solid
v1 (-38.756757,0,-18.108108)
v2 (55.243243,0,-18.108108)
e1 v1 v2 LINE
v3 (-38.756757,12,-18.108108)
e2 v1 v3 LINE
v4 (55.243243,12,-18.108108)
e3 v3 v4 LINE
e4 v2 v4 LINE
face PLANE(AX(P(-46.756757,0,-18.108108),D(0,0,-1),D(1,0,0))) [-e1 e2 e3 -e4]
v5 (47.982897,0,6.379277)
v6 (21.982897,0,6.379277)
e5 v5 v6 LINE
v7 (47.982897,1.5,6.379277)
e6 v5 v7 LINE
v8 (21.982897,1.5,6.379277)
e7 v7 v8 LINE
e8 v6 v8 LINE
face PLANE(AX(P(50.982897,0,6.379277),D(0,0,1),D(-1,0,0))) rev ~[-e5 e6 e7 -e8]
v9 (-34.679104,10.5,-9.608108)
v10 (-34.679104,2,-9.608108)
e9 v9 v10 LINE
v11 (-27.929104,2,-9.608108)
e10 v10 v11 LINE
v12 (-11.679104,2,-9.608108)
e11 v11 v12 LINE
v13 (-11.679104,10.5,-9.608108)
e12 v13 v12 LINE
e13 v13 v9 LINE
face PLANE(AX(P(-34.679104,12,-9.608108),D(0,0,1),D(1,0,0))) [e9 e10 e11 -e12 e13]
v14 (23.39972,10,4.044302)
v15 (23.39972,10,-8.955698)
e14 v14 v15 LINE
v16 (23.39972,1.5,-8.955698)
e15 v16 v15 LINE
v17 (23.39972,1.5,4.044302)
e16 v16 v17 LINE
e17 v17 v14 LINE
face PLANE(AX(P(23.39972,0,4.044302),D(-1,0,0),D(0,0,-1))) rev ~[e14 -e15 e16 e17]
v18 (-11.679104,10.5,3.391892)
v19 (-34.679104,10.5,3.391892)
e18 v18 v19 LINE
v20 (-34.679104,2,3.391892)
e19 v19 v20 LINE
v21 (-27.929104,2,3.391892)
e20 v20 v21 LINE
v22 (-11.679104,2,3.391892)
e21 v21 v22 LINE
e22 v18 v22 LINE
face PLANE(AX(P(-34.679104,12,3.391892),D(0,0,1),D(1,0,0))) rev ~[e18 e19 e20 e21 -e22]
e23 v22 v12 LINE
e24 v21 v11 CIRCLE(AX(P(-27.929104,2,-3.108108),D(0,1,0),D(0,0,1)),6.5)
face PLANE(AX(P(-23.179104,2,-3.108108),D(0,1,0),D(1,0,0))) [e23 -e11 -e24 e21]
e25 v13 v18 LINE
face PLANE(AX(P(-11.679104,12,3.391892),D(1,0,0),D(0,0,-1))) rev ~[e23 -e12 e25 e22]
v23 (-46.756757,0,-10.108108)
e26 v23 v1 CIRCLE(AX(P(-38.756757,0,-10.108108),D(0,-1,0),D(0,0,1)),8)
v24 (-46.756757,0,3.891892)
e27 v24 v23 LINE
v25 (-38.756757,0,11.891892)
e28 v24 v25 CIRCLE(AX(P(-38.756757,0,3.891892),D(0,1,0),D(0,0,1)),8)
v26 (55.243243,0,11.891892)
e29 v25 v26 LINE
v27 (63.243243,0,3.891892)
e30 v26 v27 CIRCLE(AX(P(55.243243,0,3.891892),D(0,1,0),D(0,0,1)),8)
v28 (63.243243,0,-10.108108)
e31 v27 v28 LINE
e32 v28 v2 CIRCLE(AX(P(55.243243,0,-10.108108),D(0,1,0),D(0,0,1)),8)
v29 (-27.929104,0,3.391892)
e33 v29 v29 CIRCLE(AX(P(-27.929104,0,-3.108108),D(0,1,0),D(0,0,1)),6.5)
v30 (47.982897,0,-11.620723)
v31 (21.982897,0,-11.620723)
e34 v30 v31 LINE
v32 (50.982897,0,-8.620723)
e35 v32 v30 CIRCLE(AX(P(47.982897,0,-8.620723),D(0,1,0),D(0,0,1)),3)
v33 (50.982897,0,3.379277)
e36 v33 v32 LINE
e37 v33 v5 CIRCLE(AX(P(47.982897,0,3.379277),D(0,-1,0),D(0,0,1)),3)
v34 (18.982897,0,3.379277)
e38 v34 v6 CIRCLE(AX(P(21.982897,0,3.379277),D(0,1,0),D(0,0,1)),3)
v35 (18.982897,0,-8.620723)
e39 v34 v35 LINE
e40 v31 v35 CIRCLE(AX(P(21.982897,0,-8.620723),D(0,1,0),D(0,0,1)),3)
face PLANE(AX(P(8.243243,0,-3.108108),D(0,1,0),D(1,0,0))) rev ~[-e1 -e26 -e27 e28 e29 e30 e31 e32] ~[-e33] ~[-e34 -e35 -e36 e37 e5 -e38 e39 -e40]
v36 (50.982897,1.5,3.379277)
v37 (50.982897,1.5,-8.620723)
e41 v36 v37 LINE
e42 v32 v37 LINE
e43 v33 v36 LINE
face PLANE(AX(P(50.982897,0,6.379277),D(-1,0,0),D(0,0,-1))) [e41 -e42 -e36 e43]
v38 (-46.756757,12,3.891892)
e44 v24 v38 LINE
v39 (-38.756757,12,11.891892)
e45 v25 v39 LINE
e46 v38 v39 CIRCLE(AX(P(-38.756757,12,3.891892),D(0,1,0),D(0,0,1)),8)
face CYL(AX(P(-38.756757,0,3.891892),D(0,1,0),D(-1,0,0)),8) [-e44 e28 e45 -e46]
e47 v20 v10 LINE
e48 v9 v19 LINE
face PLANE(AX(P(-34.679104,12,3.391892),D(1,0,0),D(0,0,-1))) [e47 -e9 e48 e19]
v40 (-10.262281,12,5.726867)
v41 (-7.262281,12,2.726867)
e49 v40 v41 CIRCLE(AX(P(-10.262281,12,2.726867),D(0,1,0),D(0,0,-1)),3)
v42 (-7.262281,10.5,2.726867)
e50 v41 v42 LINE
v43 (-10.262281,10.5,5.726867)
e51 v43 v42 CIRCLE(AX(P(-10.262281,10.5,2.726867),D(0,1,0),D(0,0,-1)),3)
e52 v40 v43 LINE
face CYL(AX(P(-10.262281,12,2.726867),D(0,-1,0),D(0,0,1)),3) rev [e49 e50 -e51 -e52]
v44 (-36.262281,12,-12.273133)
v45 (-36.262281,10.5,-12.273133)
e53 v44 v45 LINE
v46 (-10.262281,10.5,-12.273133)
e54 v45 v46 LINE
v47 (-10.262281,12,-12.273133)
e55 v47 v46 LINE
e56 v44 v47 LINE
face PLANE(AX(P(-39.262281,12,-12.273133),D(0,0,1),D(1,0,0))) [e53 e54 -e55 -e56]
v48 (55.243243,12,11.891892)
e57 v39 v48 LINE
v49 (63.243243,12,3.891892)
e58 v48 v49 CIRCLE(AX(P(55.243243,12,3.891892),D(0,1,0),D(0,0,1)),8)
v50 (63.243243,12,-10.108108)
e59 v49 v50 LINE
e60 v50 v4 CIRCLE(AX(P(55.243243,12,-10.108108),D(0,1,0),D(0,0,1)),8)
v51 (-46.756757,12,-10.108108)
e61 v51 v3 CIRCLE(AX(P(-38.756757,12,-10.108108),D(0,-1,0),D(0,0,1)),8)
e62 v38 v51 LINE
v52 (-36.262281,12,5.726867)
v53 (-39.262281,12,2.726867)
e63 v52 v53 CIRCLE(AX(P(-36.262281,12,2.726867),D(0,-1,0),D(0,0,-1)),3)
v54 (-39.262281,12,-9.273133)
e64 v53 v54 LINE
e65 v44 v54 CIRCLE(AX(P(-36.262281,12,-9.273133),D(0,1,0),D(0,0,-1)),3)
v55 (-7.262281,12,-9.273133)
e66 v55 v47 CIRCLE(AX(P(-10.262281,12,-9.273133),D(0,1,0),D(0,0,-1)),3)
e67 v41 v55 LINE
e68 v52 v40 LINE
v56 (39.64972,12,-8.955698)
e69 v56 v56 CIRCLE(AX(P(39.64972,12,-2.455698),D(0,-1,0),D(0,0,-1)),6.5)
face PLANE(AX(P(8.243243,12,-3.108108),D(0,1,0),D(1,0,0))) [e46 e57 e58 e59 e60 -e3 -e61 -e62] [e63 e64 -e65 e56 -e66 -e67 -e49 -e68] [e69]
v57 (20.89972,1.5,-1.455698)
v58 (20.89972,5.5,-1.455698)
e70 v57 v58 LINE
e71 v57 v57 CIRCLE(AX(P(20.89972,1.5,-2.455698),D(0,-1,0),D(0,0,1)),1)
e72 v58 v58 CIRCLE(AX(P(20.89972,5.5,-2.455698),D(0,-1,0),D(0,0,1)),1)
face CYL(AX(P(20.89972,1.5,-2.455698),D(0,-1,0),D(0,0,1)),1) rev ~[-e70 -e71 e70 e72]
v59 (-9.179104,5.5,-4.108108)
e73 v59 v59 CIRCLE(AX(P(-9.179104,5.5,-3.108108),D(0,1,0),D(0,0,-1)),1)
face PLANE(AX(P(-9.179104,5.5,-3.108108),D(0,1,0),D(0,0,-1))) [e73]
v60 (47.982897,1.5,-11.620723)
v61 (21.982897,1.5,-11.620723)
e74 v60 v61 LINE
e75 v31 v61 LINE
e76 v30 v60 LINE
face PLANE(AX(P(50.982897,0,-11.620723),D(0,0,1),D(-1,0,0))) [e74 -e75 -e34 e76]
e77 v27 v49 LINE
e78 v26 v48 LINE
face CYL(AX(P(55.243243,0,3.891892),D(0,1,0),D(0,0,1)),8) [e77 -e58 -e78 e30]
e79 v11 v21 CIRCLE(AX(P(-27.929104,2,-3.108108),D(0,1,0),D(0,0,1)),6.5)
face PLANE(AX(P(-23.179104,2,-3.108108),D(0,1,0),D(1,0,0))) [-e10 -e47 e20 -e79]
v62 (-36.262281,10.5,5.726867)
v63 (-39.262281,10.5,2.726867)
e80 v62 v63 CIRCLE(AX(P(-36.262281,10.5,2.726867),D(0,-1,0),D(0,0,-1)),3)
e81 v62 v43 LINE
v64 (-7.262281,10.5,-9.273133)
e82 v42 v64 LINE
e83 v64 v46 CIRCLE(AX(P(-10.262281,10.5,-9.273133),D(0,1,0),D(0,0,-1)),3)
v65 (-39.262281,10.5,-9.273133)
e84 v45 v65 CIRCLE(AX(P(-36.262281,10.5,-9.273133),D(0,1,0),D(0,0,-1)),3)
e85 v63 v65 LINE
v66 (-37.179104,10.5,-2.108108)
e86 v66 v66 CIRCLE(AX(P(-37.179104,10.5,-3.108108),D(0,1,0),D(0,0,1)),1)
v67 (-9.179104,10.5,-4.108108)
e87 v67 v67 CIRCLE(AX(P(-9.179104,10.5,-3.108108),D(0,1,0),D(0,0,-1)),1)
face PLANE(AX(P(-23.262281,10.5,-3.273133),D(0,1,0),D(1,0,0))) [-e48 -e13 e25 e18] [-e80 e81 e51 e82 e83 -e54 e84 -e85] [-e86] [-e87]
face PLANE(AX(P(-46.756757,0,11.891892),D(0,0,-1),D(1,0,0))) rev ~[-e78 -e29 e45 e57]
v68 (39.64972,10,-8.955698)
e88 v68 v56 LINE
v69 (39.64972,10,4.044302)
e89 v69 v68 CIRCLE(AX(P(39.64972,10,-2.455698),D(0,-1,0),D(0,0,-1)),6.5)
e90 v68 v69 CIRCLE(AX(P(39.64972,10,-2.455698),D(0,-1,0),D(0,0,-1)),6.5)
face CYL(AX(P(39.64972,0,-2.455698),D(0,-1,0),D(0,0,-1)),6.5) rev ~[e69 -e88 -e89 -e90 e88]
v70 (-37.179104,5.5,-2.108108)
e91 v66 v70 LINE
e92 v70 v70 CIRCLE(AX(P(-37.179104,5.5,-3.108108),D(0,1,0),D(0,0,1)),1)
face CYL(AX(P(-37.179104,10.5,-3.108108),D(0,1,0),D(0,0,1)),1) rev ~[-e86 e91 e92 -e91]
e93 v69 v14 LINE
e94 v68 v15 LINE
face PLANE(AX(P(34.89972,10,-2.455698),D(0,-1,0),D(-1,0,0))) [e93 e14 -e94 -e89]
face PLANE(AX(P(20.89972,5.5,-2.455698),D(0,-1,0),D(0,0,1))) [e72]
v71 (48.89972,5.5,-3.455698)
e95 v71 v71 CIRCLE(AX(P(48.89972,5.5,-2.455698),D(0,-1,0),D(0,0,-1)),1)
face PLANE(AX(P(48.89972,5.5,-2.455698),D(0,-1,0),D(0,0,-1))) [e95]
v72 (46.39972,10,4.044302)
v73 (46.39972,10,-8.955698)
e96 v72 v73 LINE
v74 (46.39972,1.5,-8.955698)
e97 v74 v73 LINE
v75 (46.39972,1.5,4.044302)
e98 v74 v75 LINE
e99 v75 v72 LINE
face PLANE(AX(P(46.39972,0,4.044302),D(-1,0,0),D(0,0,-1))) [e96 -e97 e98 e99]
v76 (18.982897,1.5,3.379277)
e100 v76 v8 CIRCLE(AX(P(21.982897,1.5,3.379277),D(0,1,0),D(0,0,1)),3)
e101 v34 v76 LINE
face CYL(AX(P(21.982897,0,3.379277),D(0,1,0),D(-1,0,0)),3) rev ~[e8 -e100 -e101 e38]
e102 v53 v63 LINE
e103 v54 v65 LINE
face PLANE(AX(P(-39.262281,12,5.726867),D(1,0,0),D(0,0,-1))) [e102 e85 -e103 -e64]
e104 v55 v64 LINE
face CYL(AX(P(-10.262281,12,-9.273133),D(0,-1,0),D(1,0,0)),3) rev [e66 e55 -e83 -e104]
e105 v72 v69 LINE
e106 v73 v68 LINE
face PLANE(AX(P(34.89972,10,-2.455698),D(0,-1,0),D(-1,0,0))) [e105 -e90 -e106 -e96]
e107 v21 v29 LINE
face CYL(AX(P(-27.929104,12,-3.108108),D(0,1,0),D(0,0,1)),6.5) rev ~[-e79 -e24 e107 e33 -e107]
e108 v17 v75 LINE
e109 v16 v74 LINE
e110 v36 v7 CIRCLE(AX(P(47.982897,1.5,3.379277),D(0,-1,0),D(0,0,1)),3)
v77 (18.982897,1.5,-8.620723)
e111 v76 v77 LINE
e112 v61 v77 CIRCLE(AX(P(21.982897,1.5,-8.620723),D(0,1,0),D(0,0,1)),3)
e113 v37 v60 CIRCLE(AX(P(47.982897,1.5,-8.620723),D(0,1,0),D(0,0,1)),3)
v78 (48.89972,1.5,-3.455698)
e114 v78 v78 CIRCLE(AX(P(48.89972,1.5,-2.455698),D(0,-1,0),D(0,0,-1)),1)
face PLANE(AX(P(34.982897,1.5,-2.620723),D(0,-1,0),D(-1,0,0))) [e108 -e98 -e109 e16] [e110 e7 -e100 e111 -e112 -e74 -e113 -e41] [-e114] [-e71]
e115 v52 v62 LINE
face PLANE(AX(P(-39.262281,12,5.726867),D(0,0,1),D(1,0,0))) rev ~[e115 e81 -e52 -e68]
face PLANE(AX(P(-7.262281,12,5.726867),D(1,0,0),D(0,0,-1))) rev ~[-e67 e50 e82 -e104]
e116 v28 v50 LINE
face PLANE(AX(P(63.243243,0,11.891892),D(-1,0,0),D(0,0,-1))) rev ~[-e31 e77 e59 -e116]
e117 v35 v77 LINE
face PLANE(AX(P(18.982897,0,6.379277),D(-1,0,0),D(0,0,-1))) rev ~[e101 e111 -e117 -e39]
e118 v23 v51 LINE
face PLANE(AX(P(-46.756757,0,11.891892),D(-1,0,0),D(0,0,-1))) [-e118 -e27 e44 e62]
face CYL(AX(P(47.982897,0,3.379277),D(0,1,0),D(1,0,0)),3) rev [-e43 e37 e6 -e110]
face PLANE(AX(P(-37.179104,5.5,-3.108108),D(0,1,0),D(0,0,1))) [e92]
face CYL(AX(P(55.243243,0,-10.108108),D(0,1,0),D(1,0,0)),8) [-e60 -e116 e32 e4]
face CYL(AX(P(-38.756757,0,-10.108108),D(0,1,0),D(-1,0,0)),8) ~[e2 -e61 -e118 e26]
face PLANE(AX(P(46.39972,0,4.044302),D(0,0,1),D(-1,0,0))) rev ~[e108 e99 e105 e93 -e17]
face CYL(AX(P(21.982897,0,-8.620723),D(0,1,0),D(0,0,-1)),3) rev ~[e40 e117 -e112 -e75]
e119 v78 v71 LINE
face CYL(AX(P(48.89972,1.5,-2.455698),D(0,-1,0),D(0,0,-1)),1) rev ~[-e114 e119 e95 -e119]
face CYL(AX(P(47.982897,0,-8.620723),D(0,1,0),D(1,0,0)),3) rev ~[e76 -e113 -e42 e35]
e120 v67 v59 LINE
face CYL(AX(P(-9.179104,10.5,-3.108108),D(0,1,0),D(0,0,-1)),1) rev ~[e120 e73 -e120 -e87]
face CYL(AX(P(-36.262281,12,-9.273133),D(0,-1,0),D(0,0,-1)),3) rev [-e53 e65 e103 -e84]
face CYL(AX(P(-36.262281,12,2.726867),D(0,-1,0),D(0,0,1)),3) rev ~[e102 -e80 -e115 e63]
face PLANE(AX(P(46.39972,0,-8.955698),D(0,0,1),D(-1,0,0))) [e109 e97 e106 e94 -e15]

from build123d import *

# Parameters (mm, degrees)
SKETCH1_W           = 110
SKETCH1_H           = 30
BOSS_EXTRUDE1_DEPTH = 12
FILLET2_R           = 8
SKETCH4_R           = 6.5
CUT_EXTRUDE1_DEPTH  = 67.870108383
SKETCH3_W           = 23
SKETCH3_H           = 13
CUT_EXTRUDE2_DEPTH  = 10
SKETCH5_W           = 32
SKETCH5_H           = 18
CUT_EXTRUDE3_DEPTH  = 1.5
FILLET4_R           = 3
SKETCH8_R           = 6.5
CUT_EXTRUDE4_DEPTH  = 63.574437799
SKETCH10_W          = 23
SKETCH10_H          = 13
CUT_EXTRUDE5_DEPTH  = 10
SKETCH12_W          = 32
SKETCH12_H          = 18
CUT_EXTRUDE6_DEPTH  = 1.5
FILLET5_R           = 3
SKETCH14_R          = 1
CUT_EXTRUDE7_DEPTH  = 4
SKETCH6_R           = 1
CUT_EXTRUDE8_DEPTH  = 5


with BuildPart() as part:
    # Sketch1 → Boss-Extrude1 (new body)
    with BuildSketch(Plane(origin=(0, 0, 0), x_dir=(1, 0, 0), z_dir=(0, 1, 0))):
        with Locations((8.243243243, 3.108108108)):
            Rectangle(SKETCH1_W, SKETCH1_H)
    extrude(amount=BOSS_EXTRUDE1_DEPTH)

    # Fillet2
    fillet2_edges = [part.edges().sort_by_distance(p)[0] for p in [
        (-46.756756757, 6, -18.108108108),
        (63.243243243, 6, -18.108108108),
        (63.243243243, 6, 11.891891892),
        (-46.756756757, 6, 11.891891892),
    ]]
    fillet(fillet2_edges, radius=FILLET2_R)

    # Sketch4 → Cut-Extrude1 (cut, through all)
    with BuildSketch(Plane(origin=(0, 12, 0), x_dir=(1, 0, 0), z_dir=(0, 1, 0))):
        with Locations(Location((-27.929103529, 3.108108108, 0), (0, 0, 270))):
            Circle(SKETCH4_R)
    extrude(amount=-CUT_EXTRUDE1_DEPTH, mode=Mode.SUBTRACT)

    # Sketch3 → Cut-Extrude2 (cut)
    with BuildSketch(Plane(origin=(0, 12, 0), x_dir=(1, 0, 0), z_dir=(0, 1, 0))):
        with Locations((-23.179103529, 3.108108108)):
            Rectangle(SKETCH3_W, SKETCH3_H)
    extrude(amount=-CUT_EXTRUDE2_DEPTH, mode=Mode.SUBTRACT)

    # Sketch5 → Cut-Extrude3 (cut)
    with BuildSketch(Plane(origin=(0, 12, 0), x_dir=(1, 0, 0), z_dir=(0, 1, 0))):
        with Locations((-23.262280593, 3.273133416)):
            Rectangle(SKETCH5_W, SKETCH5_H)
    extrude(amount=-CUT_EXTRUDE3_DEPTH, mode=Mode.SUBTRACT)

    # Fillet4
    fillet4_edges = [part.edges().sort_by_distance(p)[0] for p in [
        (-39.262280593, 11.25, 5.726866584),
        (-39.262280593, 11.25, -12.273133416),
        (-7.262280593, 11.25, -12.273133416),
        (-7.262280593, 11.25, 5.726866584),
    ]]
    fillet(fillet4_edges, radius=FILLET4_R)

    # Sketch8 → Cut-Extrude4 (cut, through all)
    with BuildSketch(Plane(origin=(11.720616789, 0, 0.652410252), x_dir=(-1, 0, 0), z_dir=(0, -1, 0))):
        with Locations(Location((-27.929103529, 3.108108108, 0), (0, 0, 90))):
            Circle(SKETCH8_R)
    extrude(amount=-CUT_EXTRUDE4_DEPTH, mode=Mode.SUBTRACT)

    # Sketch10 → Cut-Extrude5 (cut)
    with BuildSketch(Plane(origin=(11.720616789, 0, 0.652410252), x_dir=(-1, 0, 0), z_dir=(0, -1, 0))):
        with Locations((-23.179103529, 3.108108108)):
            Rectangle(SKETCH10_W, SKETCH10_H)
    extrude(amount=-CUT_EXTRUDE5_DEPTH, mode=Mode.SUBTRACT)

    # Sketch12 → Cut-Extrude6 (cut)
    with BuildSketch(Plane(origin=(11.720616789, 0, 0.652410252), x_dir=(-1, 0, 0), z_dir=(0, -1, 0))):
        with Locations((-23.262280593, 3.273133416)):
            Rectangle(SKETCH12_W, SKETCH12_H)
    extrude(amount=-CUT_EXTRUDE6_DEPTH, mode=Mode.SUBTRACT)

    # Fillet5
    fillet5_edges = [part.edges().sort_by_distance(p)[0] for p in [
        (50.982897382, 0.75, 6.379276835),
        (50.982897382, 0.75, -11.620723165),
        (18.982897382, 0.75, -11.620723165),
        (18.982897382, 0.75, 6.379276835),
    ]]
    fillet(fillet5_edges, radius=FILLET5_R)

    # Sketch14 → Cut-Extrude7 (cut)
    with BuildSketch(Plane(origin=(11.720616789, 1.5, 0.652410252), x_dir=(-1, 0, 0), z_dir=(0, -1, 0))):
        with Locations(Location((-37.179103529, 3.108108108, 0), (0, 0, 90))):
            Circle(SKETCH14_R)
        with Locations(Location((-9.179103529, 3.108108108, 0), (0, 0, 270))):
            Circle(SKETCH14_R)
    extrude(amount=-CUT_EXTRUDE7_DEPTH, mode=Mode.SUBTRACT)

    # Sketch6 → Cut-Extrude8 (cut)
    with BuildSketch(Plane(origin=(0, 10.5, 0), x_dir=(1, 0, 0), z_dir=(0, 1, 0))):
        with Locations(Location((-37.179103529, 3.108108108, 0), (0, 0, 270))):
            Circle(SKETCH6_R)
        with Locations(Location((-9.179103529, 3.108108108, 0), (0, 0, 90))):
            Circle(SKETCH6_R)
    extrude(amount=-CUT_EXTRUDE8_DEPTH, mode=Mode.SUBTRACT)


solid = part.part
